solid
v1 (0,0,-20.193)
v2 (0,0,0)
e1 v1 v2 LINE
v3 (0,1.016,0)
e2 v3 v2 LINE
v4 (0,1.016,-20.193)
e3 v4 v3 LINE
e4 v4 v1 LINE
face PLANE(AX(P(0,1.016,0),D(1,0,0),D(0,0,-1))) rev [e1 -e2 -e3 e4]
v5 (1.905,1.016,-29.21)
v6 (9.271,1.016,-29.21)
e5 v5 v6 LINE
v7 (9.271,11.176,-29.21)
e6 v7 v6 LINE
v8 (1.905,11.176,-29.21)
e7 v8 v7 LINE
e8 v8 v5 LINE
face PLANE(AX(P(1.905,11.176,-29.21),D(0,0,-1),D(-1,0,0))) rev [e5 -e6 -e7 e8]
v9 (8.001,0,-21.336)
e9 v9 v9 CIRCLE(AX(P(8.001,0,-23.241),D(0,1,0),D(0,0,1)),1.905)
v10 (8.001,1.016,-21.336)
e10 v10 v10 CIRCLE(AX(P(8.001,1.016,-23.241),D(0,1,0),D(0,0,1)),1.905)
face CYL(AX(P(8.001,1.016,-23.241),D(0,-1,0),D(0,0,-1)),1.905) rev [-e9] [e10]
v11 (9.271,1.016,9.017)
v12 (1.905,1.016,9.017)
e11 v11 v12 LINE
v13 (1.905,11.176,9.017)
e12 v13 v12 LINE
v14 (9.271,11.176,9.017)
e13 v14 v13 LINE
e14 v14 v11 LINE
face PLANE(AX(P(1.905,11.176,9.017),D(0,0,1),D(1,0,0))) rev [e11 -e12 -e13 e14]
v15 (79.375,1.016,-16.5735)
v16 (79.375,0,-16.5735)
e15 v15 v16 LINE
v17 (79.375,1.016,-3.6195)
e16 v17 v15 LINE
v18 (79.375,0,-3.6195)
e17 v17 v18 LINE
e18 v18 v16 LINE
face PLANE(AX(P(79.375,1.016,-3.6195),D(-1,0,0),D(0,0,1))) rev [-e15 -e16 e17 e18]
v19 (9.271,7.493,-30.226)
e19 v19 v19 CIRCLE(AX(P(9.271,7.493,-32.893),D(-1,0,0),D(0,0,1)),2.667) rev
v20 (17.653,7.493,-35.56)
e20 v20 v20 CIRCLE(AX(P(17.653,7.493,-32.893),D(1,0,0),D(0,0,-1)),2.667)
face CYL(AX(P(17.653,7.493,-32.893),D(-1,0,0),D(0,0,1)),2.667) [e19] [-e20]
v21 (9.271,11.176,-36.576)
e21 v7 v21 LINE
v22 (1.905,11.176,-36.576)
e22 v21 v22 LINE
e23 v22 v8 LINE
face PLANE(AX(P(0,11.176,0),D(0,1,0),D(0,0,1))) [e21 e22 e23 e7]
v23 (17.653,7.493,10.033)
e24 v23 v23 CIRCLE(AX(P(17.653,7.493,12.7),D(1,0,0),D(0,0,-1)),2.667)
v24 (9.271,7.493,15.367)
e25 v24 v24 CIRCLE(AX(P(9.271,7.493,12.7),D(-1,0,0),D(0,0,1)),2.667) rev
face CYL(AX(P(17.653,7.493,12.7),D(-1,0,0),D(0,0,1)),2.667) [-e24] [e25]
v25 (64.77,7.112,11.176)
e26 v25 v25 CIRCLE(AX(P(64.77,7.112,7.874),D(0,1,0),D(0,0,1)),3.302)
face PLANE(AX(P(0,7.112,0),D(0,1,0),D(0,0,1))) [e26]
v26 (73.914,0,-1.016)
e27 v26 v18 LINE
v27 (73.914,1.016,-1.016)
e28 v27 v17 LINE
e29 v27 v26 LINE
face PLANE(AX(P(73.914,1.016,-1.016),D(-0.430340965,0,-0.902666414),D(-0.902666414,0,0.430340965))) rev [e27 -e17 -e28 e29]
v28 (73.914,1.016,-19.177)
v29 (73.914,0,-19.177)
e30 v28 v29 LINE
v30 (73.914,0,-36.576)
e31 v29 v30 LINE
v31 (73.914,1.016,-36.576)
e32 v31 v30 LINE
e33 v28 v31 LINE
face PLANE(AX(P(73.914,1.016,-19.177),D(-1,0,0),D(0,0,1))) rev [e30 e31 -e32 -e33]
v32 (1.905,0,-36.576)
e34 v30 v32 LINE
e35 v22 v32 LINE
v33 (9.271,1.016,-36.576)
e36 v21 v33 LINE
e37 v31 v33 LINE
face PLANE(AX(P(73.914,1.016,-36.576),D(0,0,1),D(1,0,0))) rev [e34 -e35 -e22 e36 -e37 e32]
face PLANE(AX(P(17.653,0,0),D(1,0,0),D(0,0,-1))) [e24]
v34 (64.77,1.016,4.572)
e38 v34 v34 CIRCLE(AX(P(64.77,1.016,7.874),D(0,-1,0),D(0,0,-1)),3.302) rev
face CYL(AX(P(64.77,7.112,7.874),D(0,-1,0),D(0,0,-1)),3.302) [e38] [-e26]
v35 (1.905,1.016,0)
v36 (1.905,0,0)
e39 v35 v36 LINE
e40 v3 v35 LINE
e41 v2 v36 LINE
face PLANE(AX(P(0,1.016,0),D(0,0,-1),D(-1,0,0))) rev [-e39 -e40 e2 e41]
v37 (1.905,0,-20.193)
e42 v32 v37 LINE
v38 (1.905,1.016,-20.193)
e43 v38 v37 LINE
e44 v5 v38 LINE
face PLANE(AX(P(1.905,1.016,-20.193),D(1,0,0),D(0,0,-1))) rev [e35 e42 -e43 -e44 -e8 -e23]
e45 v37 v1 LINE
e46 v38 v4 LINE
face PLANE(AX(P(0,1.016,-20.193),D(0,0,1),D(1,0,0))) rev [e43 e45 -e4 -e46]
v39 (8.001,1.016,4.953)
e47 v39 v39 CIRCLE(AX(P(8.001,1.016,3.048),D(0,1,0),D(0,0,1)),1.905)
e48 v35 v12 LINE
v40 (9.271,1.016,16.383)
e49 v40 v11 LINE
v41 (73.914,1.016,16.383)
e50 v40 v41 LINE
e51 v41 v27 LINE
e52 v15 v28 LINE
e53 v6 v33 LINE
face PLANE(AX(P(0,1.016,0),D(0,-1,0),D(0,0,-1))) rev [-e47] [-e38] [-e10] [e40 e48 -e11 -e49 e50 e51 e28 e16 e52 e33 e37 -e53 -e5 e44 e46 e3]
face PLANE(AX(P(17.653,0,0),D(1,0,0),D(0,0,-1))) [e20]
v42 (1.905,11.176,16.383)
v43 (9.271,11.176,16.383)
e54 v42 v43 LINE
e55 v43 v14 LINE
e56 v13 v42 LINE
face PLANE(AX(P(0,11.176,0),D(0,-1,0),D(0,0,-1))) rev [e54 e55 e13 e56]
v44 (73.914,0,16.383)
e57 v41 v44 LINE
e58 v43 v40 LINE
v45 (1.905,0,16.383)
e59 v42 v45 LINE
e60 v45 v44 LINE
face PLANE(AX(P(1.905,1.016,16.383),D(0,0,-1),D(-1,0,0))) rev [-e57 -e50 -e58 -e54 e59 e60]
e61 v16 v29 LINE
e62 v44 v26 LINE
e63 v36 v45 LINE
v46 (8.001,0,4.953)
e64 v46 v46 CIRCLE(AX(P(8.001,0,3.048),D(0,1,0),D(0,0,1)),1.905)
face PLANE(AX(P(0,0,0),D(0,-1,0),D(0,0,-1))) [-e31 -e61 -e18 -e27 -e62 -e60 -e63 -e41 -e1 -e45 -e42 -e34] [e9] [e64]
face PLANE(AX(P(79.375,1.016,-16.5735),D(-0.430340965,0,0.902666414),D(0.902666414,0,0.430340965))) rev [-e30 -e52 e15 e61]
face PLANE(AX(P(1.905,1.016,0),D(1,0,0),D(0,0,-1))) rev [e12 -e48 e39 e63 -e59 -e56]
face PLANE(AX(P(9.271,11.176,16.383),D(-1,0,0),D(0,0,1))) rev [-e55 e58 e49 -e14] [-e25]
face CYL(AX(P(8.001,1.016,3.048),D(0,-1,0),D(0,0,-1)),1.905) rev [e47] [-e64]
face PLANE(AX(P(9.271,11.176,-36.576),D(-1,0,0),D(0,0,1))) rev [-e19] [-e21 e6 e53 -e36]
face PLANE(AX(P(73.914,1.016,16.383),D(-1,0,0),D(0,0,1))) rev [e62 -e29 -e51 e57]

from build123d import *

# Parameters (mm, degrees)
SKETCH1_R           = 1.905
BOSS_EXTRUDE1_DEPTH = 1.016
SKETCH2_W           = 7.366
SKETCH2_H           = 7.366
BOSS_EXTRUDE2_DEPTH = 10.16
SKETCH3_R           = 2.667
BOSS_EXTRUDE3_DEPTH = 8.382
SKETCH4_R           = 3.302
BOSS_EXTRUDE4_DEPTH = 6.096


with BuildPart() as part:
    # Sketch1 → Boss-Extrude1 (new body)
    with BuildSketch(Plane(origin=(0, 0, 0), x_dir=(1, 0, 0), z_dir=(0, 1, 0))):
        Polygon((0, 0), (0, 20.193), (1.905, 20.193), (1.905, 36.576), (73.914, 36.576), (73.914, 19.177), (79.375, 16.5735), (79.375, 3.6195), (73.914, 1.016), (73.914, -16.383), (1.905, -16.383), (1.905, 0), align=None)
        with Locations((8.001, -3.048)):
            Circle(SKETCH1_R, mode=Mode.SUBTRACT)
        with Locations((8.001, 23.241)):
            Circle(SKETCH1_R, mode=Mode.SUBTRACT)
    extrude(amount=BOSS_EXTRUDE1_DEPTH)

    # Sketch2 → Boss-Extrude2 (add)
    with BuildSketch(Plane(origin=(0, 1.016, 0), x_dir=(1, 0, 0), z_dir=(0, 1, 0))):
        with Locations((5.588, 32.893)):
            Rectangle(SKETCH2_W, SKETCH2_H)
        with Locations((5.588, -12.7)):
            Rectangle(SKETCH2_W, SKETCH2_H)
    extrude(amount=BOSS_EXTRUDE2_DEPTH)

    # Sketch3 → Boss-Extrude3 (add)
    with BuildSketch(Plane(origin=(9.271, 0, 0), x_dir=(0, 0, -1), z_dir=(1, 0, 0))):
        with Locations((-12.7, 7.493)):
            Circle(SKETCH3_R)
        with Locations((32.893, 7.493)):
            Circle(SKETCH3_R)
    extrude(amount=BOSS_EXTRUDE3_DEPTH)

    # Sketch4 → Boss-Extrude4 (add)
    with BuildSketch(Plane(origin=(0, 1.016, 0), x_dir=(1, 0, 0), z_dir=(0, 1, 0))):
        with Locations((64.77, -7.874)):
            Circle(SKETCH4_R)
    extrude(amount=BOSS_EXTRUDE4_DEPTH)


solid = part.part
